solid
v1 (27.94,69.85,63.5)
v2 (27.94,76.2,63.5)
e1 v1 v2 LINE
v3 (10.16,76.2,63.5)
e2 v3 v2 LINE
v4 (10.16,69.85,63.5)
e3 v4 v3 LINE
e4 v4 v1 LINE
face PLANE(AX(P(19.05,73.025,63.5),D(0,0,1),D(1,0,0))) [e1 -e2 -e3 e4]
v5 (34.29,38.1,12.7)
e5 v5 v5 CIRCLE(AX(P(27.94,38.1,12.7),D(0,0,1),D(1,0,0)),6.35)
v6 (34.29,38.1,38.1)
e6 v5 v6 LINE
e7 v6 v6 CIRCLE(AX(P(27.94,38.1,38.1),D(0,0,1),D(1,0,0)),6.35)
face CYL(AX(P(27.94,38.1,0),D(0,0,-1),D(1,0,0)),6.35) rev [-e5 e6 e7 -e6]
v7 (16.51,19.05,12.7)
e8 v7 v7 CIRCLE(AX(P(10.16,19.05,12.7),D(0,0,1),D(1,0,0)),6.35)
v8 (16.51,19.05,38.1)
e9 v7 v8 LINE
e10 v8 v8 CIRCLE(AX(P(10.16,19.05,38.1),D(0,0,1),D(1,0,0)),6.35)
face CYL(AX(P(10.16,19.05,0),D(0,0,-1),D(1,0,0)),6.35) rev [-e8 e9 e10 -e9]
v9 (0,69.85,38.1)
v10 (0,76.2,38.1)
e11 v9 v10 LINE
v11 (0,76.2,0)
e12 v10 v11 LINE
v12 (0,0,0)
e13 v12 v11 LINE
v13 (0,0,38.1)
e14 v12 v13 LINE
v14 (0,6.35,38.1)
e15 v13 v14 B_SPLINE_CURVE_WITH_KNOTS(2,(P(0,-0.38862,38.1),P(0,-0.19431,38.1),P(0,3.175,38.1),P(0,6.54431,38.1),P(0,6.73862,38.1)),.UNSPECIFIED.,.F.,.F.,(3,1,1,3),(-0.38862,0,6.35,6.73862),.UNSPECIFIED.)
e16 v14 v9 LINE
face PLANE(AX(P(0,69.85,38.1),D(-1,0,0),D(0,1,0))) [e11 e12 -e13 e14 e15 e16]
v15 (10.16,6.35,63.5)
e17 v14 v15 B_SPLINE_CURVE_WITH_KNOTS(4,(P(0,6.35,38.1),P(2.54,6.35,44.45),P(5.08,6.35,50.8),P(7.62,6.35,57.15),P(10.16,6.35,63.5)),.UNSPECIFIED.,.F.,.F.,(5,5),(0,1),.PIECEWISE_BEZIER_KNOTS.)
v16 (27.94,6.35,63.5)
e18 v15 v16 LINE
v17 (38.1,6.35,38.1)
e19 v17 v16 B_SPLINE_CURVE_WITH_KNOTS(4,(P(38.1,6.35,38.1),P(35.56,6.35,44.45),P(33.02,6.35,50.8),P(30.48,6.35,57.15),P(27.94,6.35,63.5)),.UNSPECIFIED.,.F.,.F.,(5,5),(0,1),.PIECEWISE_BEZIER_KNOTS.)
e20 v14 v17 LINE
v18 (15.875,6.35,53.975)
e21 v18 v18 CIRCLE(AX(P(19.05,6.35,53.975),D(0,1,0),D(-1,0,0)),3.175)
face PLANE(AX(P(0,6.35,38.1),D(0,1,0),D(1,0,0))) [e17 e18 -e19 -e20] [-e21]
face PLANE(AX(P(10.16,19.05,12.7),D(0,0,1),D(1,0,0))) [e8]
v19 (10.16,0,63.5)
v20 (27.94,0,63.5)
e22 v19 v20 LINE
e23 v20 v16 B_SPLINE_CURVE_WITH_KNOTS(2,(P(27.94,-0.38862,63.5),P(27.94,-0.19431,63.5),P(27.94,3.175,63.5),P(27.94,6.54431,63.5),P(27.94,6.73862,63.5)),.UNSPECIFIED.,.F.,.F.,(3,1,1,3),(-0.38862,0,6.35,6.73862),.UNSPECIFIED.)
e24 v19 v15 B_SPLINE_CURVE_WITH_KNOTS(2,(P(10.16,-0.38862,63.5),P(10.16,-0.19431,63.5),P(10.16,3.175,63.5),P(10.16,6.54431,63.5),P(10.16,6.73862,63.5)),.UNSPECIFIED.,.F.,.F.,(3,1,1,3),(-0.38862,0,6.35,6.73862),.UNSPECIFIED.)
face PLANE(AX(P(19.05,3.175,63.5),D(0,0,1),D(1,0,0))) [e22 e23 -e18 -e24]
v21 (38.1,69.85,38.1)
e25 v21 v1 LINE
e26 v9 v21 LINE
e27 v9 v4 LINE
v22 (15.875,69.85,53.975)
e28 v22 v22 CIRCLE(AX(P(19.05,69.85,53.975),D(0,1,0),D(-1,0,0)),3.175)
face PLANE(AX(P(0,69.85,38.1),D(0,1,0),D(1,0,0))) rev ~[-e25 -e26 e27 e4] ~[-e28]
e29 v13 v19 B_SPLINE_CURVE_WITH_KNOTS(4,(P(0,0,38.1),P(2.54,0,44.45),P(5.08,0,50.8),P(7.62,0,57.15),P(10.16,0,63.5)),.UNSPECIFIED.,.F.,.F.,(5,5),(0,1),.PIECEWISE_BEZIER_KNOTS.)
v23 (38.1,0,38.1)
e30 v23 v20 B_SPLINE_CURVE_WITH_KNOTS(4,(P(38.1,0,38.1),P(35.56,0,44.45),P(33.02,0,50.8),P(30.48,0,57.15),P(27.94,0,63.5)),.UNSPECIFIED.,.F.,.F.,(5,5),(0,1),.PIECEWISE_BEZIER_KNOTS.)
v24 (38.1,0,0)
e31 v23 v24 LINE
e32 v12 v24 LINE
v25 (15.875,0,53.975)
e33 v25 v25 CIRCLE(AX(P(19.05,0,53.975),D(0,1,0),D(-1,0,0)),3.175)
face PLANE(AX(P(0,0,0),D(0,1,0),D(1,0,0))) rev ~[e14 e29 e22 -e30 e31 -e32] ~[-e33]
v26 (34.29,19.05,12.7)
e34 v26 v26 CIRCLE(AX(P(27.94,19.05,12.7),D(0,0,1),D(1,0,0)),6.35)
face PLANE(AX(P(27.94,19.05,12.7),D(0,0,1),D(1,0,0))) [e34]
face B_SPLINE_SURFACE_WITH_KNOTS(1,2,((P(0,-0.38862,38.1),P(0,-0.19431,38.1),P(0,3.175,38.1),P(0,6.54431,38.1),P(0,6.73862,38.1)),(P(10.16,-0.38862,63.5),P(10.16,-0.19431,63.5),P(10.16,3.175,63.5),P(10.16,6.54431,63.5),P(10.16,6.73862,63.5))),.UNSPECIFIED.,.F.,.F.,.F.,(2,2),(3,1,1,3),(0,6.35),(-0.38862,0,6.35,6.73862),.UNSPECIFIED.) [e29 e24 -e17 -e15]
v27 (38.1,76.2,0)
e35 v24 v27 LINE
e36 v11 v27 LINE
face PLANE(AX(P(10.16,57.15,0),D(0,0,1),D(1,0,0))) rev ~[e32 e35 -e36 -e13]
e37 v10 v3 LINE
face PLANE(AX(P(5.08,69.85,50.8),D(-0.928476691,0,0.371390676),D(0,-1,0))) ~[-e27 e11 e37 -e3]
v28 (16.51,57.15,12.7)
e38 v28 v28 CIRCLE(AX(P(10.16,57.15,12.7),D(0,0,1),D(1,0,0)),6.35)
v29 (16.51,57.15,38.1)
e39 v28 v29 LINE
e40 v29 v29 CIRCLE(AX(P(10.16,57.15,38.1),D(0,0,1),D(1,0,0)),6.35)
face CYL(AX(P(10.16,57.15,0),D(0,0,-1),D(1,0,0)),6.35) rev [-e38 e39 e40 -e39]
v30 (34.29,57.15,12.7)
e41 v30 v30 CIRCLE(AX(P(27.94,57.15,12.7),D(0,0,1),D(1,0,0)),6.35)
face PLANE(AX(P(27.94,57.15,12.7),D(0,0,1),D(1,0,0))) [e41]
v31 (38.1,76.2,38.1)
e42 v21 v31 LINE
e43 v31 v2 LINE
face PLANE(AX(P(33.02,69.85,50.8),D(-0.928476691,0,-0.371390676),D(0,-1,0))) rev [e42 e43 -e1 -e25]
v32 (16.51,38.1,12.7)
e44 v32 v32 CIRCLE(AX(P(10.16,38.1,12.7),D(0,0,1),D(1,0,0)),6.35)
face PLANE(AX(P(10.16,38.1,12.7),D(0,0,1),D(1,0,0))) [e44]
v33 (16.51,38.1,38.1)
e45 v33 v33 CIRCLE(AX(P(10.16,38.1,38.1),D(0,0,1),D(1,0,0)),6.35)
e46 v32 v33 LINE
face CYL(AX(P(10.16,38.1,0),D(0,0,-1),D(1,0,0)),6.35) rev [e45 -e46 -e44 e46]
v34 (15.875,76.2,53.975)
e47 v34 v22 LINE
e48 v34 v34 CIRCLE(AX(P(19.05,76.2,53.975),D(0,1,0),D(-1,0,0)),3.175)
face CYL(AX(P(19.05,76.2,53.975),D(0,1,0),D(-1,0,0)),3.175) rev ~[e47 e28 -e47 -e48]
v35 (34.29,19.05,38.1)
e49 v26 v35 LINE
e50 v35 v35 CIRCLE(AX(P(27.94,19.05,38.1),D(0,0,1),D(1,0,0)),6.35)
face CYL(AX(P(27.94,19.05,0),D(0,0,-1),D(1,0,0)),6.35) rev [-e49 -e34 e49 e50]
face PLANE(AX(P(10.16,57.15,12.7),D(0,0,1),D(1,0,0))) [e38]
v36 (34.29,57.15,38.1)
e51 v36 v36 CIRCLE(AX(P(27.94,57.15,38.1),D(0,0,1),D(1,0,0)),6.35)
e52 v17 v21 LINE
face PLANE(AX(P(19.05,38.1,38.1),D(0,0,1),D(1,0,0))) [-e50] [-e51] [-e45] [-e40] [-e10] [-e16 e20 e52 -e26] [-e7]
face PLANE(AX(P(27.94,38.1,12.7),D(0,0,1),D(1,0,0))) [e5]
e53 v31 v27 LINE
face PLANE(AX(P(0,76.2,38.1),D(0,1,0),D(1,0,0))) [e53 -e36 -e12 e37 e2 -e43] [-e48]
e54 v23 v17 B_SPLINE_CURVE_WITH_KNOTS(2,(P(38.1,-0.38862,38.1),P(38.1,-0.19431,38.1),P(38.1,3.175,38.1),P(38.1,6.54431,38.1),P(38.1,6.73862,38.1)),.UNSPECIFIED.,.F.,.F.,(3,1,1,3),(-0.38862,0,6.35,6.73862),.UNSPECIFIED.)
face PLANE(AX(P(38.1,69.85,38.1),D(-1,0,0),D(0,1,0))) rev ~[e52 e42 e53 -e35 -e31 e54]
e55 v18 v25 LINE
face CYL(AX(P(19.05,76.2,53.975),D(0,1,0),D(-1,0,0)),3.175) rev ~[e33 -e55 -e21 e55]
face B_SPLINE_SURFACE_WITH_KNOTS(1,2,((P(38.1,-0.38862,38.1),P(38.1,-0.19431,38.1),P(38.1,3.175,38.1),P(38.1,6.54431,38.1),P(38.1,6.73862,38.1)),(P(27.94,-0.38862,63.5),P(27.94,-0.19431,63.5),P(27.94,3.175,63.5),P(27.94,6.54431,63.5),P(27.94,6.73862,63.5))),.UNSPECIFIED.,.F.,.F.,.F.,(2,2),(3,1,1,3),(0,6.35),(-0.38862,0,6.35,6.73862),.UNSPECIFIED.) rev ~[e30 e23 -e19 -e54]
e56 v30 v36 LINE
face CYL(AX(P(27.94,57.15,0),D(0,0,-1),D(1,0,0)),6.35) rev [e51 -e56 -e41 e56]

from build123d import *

# Parameters (mm, degrees)
F0_W       = 38.1
F0_H       = 76.2
F0_R       = 6.35
F1_DEPTH   = 38.1
F2_DEPTH   = 12.7
F3_W       = 38.1
F3_H       = 6.35
F4_DEPTH   = 25.4
F5_SIZE2   = 10.16
F5_SIZE    = 25.4
F6_SIZE2   = 10.16
F6_SIZE    = 25.4
F6_2_SIZE2 = 10.16
F6_2_SIZE  = 25.4
F7_R       = 3.175
F8_DEPTH   = 105.84064


with BuildPart() as f1:
    # F0 (on Top) → F1 (new body)
    with BuildSketch(Plane.XY):
        with Locations((19.05, 38.1)):
            Rectangle(F0_W, F0_H)
        with Locations((10.16, 19.05)):
            Circle(F0_R, mode=Mode.SUBTRACT)
        with Locations((27.94, 19.05)):
            Circle(F0_R, mode=Mode.SUBTRACT)
        with Locations((10.16, 38.1)):
            Circle(F0_R, mode=Mode.SUBTRACT)
        with Locations((10.16, 57.15)):
            Circle(F0_R, mode=Mode.SUBTRACT)
        with Locations((27.94, 38.1)):
            Circle(F0_R, mode=Mode.SUBTRACT)
        with Locations((27.94, 57.15)):
            Circle(F0_R, mode=Mode.SUBTRACT)
    extrude(amount=F1_DEPTH)

    # F0 (on Top) → F2 (join)
    with BuildSketch(Plane.XY):
        with Locations((10.16, 57.15)):
            Circle(F0_R)
        with Locations((27.94, 57.15)):
            Circle(F0_R)
        with Locations((27.94, 38.1)):
            Circle(F0_R)
        with Locations((10.16, 19.05)):
            Circle(F0_R)
        with Locations((27.94, 19.05)):
            Circle(F0_R)
        with Locations((10.16, 38.1)):
            Circle(F0_R)
    extrude(amount=F2_DEPTH)

    # F3 (on face) → F4 (join)
    with BuildSketch(Plane.XY.offset(38.1)):
        with Locations((19.05, 73.025)):
            Rectangle(F3_W, F3_H)
        with Locations((19.05, 3.175)):
            Rectangle(F3_W, F3_H)
    extrude(amount=F4_DEPTH)

    # F5
    f5_edges = [f1.edges().sort_by_distance(p)[0] for p in [
        (38.1, 73.025, 63.5),
        (0, 73.025, 63.5),
    ]]
    chamfer(f5_edges, length=F5_SIZE, length2=F5_SIZE2)

    # F6
    f6_edges = [f1.edges().sort_by_distance(p)[0] for p in [
        (38.1, 3.175, 63.5),
    ]]
    f6_side = f1.faces().sort_by_distance((38.1, 36.261842, 20.721053))[0]
    chamfer(f6_edges, length=F6_SIZE, length2=F6_SIZE2, reference=f6_side)

    # F6#2
    f6_2_edges = [f1.edges().sort_by_distance(p)[0] for p in [
        (0, 3.175, 63.5),
    ]]
    f6_2_side = f1.faces().sort_by_distance((0, 36.261842, 20.721053))[0]
    chamfer(f6_2_edges, length=F6_2_SIZE, length2=F6_2_SIZE2, reference=f6_2_side)

    # F7 (on face) → F8 (cut)
    with BuildSketch(Plane(origin=(0, 76.2, 0), x_dir=(-1, 0, 0), z_dir=(0, 1, 0))):
        with Locations((-19.05, 53.975)):
            Circle(F7_R)
    extrude(amount=-F8_DEPTH, mode=Mode.SUBTRACT)


solid = f1.part
